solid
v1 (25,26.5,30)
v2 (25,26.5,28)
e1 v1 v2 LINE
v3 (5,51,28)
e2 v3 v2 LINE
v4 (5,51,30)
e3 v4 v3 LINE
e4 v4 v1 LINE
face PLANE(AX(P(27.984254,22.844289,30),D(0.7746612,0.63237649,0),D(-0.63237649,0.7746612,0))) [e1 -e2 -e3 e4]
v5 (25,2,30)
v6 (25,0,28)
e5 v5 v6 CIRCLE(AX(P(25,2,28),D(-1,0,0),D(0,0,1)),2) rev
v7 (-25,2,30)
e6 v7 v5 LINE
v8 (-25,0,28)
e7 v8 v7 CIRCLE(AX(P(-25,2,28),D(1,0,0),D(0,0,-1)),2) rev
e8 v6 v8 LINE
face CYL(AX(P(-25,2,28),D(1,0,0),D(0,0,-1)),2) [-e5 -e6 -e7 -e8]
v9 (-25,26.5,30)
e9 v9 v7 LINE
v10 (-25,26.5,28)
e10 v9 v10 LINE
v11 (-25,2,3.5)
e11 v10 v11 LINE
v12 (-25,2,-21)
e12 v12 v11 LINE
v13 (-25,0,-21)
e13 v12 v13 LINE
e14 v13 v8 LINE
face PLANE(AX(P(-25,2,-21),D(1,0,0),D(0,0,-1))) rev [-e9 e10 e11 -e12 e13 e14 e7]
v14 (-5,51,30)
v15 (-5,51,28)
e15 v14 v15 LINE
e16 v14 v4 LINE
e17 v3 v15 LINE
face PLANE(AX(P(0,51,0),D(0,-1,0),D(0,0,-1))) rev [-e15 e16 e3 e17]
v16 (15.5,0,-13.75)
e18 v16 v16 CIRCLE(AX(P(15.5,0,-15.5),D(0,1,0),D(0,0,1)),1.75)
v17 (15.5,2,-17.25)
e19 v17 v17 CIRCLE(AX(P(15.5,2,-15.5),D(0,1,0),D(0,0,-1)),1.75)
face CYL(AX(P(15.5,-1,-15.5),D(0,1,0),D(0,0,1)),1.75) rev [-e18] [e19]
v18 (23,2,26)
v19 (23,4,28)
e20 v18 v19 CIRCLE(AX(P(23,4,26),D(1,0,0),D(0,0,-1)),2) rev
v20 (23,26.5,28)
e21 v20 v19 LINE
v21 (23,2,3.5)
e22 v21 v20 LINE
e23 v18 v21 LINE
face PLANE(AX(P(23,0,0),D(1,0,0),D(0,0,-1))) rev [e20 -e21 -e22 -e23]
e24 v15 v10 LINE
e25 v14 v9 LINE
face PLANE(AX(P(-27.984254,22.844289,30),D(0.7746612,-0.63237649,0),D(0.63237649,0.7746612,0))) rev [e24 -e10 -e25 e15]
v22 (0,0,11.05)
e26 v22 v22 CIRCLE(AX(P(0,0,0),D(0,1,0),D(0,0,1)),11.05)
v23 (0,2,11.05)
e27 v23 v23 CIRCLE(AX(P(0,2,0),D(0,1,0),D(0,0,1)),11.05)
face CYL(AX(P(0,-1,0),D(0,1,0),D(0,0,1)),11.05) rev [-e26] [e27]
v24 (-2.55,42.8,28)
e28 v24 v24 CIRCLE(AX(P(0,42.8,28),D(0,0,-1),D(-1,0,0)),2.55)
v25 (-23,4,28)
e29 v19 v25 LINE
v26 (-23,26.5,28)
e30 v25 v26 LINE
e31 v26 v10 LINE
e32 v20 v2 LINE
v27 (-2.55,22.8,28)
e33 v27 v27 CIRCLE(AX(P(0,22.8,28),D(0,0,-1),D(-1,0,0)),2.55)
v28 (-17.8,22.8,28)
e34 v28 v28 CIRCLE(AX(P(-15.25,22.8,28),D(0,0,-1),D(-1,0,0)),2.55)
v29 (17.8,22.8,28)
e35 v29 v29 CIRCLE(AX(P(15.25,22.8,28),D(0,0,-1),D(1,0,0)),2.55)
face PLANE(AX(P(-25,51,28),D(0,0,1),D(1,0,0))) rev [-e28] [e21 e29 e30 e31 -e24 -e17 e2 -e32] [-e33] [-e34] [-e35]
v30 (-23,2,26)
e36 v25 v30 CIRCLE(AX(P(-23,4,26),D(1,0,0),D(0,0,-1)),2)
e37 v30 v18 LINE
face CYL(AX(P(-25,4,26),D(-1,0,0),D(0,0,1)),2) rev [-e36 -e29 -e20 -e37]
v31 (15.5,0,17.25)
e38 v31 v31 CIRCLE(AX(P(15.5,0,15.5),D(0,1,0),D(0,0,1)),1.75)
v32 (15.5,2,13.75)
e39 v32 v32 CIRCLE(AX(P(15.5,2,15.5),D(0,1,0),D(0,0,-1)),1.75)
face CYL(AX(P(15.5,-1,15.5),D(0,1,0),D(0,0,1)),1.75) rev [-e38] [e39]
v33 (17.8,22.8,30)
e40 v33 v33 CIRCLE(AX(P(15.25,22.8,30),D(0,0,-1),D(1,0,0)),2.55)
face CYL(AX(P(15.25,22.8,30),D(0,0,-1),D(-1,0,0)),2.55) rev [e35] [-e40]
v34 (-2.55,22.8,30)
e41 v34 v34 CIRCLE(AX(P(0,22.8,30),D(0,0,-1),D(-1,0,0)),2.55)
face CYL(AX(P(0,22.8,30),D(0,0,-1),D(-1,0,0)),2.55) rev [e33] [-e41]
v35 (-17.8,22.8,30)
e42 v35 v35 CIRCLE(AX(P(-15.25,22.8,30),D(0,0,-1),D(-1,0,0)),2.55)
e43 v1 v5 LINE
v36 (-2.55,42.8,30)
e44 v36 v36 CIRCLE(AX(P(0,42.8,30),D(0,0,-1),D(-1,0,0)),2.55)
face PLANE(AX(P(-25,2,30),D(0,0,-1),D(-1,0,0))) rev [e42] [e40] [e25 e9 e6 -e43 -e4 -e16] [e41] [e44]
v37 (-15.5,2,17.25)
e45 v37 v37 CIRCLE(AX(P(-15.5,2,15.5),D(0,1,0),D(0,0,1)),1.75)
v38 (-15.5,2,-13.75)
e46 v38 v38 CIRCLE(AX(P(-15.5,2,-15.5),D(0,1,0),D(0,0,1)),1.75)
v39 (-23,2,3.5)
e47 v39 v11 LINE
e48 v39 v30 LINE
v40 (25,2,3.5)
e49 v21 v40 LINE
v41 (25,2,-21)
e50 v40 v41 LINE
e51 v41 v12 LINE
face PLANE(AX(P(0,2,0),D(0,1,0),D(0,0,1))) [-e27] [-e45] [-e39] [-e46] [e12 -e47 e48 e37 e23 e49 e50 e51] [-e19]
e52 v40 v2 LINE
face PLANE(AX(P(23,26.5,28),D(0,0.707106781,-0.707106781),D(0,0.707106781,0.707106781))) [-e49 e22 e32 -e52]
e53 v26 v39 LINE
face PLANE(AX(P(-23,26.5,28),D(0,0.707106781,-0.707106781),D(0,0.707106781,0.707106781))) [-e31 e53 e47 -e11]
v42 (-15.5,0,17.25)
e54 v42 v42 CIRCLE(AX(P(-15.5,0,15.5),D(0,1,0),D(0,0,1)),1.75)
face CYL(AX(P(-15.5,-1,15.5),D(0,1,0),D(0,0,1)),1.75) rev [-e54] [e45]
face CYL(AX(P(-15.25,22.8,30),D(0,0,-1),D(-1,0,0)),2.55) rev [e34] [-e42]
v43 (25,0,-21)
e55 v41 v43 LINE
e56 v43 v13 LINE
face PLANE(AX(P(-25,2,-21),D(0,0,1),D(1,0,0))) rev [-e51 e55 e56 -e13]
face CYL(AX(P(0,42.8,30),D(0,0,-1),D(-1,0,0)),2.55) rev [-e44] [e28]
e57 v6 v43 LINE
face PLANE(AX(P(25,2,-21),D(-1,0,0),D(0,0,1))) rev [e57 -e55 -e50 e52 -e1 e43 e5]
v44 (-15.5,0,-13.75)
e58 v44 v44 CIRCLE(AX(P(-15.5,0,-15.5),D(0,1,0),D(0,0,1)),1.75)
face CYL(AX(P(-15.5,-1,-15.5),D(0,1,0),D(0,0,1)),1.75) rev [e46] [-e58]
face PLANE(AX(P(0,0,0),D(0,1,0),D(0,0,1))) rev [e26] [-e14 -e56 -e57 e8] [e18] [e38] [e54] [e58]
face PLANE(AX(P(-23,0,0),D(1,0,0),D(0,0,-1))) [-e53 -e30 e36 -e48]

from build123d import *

# Parameters (mm, degrees)
SKETCH1_W           = 50
SKETCH1_H           = 51
BOSS_EXTRUDE1_DEPTH = 2
SKETCH2_R           = 11.05
SKETCH2_R_2         = 1.75
CUT_EXTRUDE1_DEPTH  = 3
SKETCH4_W           = 50
SKETCH4_H           = 2
BOSS_EXTRUDE2_DEPTH = 49
BOSS_EXTRUDE3_DEPTH = 2
BOSS_EXTRUDE4_DEPTH = 2
SKETCH7_R           = 2.55
CUT_EXTRUDE2_DEPTH  = 2
FILLET1_R           = 2
SKETCH8_R           = 2.55
CUT_EXTRUDE4_DEPTH  = 2


with BuildPart() as part:
    # Sketch1 → Boss-Extrude1 (new body)
    with BuildSketch(Plane(origin=(0, 0, 0), x_dir=(1, 0, 0), z_dir=(0, 1, 0))):
        with Locations((0, -4.5)):
            Rectangle(SKETCH1_W, SKETCH1_H)
    extrude(amount=BOSS_EXTRUDE1_DEPTH)

    # Sketch2 → Cut-Extrude1 (cut)
    with BuildSketch(Plane(origin=(0, 2, 0), x_dir=(1, 0, 0), z_dir=(0, 1, 0))):
        with Locations(Location((0, 0, 0), (0, 0, 270))):
            Circle(SKETCH2_R)
        with Locations(Location((-15.5, 15.5, 0), (0, 0, 270))):
            Circle(SKETCH2_R_2)
        with Locations(Location((-15.5, -15.5, 0), (0, 0, 270))):
            Circle(SKETCH2_R_2)
        with Locations(Location((15.5, -15.5, 0), (0, 0, 270))):
            Circle(SKETCH2_R_2)
        with Locations(Location((15.5, 15.5, 0), (0, 0, 270))):
            Circle(SKETCH2_R_2)
    extrude(amount=-CUT_EXTRUDE1_DEPTH, mode=Mode.SUBTRACT)

    # Sketch4 → Boss-Extrude2 (add)
    with BuildSketch(Plane(origin=(0, 2, 0), x_dir=(1, 0, 0), z_dir=(0, 1, 0))):
        with Locations((0, -29)):
            Rectangle(SKETCH4_W, SKETCH4_H)
    extrude(amount=BOSS_EXTRUDE2_DEPTH)

    # Sketch5 → Boss-Extrude3 (add)
    with BuildSketch(Plane(origin=(25, 0, 0), x_dir=(0, 0, -1), z_dir=(1, 0, 0))):
        Polygon((-28, 26.5), (-3.5, 2), (-28, 2), align=None)
    extrude(amount=-BOSS_EXTRUDE3_DEPTH)

    # Sketch6 → Boss-Extrude4 (add)
    with BuildSketch(Plane.ZY.offset(25)):
        Polygon((28, 26.5), (3.5, 2), (28, 2), align=None)
    extrude(amount=-BOSS_EXTRUDE4_DEPTH)

    # Sketch7 → Cut-Extrude2 (cut)
    with BuildSketch(Plane(origin=(0, 0, 28), x_dir=(-1, 0, 0), z_dir=(0, 0, -1))):
        with Locations((0, 22.8)):
            Circle(SKETCH7_R)
        with Locations((0, 42.8)):
            Circle(SKETCH7_R)
        with Locations((15.25, 22.8)):
            Circle(SKETCH7_R)
        with Locations((15.25, 42.8)):
            Circle(SKETCH7_R)
        with Locations(Location((-15.25, 42.8, 0), (0, 0, 180))):
            Circle(SKETCH7_R)
        with Locations(Location((-15.25, 22.8, 0), (0, 0, 180))):
            Circle(SKETCH7_R)
    extrude(amount=-CUT_EXTRUDE2_DEPTH, mode=Mode.SUBTRACT)

    # Fillet1
    fillet1_edges = [part.edges().sort_by_distance(p)[0] for p in [
        (0, 0, 30),
        (0, 2, 28),
    ]]
    fillet(fillet1_edges, radius=FILLET1_R)

    # Sketch8 → Cut-Extrude4 (cut)
    # profile 1 of 2: a face of its own
    with BuildSketch(Plane(origin=(0, 0, 28), x_dir=(-1, 0, 0), z_dir=(0, 0, -1))):
        Polygon((25, 51), (5, 51), (25, 26.5), align=None)
        with Locations((15.25, 42.8)):
            Circle(SKETCH8_R, mode=Mode.SUBTRACT)
    # profile 2 of 2: a face of its own
    with BuildSketch(Plane(origin=(0, 0, 28), x_dir=(-1, 0, 0), z_dir=(0, 0, -1))):
        Polygon((-25, 26.5), (-5, 51), (-25, 51), align=None)
        with Locations((-15.25, 42.8)):
            Circle(SKETCH8_R, mode=Mode.SUBTRACT)
    extrude(amount=-CUT_EXTRUDE4_DEPTH, mode=Mode.SUBTRACT)


solid = part.part
